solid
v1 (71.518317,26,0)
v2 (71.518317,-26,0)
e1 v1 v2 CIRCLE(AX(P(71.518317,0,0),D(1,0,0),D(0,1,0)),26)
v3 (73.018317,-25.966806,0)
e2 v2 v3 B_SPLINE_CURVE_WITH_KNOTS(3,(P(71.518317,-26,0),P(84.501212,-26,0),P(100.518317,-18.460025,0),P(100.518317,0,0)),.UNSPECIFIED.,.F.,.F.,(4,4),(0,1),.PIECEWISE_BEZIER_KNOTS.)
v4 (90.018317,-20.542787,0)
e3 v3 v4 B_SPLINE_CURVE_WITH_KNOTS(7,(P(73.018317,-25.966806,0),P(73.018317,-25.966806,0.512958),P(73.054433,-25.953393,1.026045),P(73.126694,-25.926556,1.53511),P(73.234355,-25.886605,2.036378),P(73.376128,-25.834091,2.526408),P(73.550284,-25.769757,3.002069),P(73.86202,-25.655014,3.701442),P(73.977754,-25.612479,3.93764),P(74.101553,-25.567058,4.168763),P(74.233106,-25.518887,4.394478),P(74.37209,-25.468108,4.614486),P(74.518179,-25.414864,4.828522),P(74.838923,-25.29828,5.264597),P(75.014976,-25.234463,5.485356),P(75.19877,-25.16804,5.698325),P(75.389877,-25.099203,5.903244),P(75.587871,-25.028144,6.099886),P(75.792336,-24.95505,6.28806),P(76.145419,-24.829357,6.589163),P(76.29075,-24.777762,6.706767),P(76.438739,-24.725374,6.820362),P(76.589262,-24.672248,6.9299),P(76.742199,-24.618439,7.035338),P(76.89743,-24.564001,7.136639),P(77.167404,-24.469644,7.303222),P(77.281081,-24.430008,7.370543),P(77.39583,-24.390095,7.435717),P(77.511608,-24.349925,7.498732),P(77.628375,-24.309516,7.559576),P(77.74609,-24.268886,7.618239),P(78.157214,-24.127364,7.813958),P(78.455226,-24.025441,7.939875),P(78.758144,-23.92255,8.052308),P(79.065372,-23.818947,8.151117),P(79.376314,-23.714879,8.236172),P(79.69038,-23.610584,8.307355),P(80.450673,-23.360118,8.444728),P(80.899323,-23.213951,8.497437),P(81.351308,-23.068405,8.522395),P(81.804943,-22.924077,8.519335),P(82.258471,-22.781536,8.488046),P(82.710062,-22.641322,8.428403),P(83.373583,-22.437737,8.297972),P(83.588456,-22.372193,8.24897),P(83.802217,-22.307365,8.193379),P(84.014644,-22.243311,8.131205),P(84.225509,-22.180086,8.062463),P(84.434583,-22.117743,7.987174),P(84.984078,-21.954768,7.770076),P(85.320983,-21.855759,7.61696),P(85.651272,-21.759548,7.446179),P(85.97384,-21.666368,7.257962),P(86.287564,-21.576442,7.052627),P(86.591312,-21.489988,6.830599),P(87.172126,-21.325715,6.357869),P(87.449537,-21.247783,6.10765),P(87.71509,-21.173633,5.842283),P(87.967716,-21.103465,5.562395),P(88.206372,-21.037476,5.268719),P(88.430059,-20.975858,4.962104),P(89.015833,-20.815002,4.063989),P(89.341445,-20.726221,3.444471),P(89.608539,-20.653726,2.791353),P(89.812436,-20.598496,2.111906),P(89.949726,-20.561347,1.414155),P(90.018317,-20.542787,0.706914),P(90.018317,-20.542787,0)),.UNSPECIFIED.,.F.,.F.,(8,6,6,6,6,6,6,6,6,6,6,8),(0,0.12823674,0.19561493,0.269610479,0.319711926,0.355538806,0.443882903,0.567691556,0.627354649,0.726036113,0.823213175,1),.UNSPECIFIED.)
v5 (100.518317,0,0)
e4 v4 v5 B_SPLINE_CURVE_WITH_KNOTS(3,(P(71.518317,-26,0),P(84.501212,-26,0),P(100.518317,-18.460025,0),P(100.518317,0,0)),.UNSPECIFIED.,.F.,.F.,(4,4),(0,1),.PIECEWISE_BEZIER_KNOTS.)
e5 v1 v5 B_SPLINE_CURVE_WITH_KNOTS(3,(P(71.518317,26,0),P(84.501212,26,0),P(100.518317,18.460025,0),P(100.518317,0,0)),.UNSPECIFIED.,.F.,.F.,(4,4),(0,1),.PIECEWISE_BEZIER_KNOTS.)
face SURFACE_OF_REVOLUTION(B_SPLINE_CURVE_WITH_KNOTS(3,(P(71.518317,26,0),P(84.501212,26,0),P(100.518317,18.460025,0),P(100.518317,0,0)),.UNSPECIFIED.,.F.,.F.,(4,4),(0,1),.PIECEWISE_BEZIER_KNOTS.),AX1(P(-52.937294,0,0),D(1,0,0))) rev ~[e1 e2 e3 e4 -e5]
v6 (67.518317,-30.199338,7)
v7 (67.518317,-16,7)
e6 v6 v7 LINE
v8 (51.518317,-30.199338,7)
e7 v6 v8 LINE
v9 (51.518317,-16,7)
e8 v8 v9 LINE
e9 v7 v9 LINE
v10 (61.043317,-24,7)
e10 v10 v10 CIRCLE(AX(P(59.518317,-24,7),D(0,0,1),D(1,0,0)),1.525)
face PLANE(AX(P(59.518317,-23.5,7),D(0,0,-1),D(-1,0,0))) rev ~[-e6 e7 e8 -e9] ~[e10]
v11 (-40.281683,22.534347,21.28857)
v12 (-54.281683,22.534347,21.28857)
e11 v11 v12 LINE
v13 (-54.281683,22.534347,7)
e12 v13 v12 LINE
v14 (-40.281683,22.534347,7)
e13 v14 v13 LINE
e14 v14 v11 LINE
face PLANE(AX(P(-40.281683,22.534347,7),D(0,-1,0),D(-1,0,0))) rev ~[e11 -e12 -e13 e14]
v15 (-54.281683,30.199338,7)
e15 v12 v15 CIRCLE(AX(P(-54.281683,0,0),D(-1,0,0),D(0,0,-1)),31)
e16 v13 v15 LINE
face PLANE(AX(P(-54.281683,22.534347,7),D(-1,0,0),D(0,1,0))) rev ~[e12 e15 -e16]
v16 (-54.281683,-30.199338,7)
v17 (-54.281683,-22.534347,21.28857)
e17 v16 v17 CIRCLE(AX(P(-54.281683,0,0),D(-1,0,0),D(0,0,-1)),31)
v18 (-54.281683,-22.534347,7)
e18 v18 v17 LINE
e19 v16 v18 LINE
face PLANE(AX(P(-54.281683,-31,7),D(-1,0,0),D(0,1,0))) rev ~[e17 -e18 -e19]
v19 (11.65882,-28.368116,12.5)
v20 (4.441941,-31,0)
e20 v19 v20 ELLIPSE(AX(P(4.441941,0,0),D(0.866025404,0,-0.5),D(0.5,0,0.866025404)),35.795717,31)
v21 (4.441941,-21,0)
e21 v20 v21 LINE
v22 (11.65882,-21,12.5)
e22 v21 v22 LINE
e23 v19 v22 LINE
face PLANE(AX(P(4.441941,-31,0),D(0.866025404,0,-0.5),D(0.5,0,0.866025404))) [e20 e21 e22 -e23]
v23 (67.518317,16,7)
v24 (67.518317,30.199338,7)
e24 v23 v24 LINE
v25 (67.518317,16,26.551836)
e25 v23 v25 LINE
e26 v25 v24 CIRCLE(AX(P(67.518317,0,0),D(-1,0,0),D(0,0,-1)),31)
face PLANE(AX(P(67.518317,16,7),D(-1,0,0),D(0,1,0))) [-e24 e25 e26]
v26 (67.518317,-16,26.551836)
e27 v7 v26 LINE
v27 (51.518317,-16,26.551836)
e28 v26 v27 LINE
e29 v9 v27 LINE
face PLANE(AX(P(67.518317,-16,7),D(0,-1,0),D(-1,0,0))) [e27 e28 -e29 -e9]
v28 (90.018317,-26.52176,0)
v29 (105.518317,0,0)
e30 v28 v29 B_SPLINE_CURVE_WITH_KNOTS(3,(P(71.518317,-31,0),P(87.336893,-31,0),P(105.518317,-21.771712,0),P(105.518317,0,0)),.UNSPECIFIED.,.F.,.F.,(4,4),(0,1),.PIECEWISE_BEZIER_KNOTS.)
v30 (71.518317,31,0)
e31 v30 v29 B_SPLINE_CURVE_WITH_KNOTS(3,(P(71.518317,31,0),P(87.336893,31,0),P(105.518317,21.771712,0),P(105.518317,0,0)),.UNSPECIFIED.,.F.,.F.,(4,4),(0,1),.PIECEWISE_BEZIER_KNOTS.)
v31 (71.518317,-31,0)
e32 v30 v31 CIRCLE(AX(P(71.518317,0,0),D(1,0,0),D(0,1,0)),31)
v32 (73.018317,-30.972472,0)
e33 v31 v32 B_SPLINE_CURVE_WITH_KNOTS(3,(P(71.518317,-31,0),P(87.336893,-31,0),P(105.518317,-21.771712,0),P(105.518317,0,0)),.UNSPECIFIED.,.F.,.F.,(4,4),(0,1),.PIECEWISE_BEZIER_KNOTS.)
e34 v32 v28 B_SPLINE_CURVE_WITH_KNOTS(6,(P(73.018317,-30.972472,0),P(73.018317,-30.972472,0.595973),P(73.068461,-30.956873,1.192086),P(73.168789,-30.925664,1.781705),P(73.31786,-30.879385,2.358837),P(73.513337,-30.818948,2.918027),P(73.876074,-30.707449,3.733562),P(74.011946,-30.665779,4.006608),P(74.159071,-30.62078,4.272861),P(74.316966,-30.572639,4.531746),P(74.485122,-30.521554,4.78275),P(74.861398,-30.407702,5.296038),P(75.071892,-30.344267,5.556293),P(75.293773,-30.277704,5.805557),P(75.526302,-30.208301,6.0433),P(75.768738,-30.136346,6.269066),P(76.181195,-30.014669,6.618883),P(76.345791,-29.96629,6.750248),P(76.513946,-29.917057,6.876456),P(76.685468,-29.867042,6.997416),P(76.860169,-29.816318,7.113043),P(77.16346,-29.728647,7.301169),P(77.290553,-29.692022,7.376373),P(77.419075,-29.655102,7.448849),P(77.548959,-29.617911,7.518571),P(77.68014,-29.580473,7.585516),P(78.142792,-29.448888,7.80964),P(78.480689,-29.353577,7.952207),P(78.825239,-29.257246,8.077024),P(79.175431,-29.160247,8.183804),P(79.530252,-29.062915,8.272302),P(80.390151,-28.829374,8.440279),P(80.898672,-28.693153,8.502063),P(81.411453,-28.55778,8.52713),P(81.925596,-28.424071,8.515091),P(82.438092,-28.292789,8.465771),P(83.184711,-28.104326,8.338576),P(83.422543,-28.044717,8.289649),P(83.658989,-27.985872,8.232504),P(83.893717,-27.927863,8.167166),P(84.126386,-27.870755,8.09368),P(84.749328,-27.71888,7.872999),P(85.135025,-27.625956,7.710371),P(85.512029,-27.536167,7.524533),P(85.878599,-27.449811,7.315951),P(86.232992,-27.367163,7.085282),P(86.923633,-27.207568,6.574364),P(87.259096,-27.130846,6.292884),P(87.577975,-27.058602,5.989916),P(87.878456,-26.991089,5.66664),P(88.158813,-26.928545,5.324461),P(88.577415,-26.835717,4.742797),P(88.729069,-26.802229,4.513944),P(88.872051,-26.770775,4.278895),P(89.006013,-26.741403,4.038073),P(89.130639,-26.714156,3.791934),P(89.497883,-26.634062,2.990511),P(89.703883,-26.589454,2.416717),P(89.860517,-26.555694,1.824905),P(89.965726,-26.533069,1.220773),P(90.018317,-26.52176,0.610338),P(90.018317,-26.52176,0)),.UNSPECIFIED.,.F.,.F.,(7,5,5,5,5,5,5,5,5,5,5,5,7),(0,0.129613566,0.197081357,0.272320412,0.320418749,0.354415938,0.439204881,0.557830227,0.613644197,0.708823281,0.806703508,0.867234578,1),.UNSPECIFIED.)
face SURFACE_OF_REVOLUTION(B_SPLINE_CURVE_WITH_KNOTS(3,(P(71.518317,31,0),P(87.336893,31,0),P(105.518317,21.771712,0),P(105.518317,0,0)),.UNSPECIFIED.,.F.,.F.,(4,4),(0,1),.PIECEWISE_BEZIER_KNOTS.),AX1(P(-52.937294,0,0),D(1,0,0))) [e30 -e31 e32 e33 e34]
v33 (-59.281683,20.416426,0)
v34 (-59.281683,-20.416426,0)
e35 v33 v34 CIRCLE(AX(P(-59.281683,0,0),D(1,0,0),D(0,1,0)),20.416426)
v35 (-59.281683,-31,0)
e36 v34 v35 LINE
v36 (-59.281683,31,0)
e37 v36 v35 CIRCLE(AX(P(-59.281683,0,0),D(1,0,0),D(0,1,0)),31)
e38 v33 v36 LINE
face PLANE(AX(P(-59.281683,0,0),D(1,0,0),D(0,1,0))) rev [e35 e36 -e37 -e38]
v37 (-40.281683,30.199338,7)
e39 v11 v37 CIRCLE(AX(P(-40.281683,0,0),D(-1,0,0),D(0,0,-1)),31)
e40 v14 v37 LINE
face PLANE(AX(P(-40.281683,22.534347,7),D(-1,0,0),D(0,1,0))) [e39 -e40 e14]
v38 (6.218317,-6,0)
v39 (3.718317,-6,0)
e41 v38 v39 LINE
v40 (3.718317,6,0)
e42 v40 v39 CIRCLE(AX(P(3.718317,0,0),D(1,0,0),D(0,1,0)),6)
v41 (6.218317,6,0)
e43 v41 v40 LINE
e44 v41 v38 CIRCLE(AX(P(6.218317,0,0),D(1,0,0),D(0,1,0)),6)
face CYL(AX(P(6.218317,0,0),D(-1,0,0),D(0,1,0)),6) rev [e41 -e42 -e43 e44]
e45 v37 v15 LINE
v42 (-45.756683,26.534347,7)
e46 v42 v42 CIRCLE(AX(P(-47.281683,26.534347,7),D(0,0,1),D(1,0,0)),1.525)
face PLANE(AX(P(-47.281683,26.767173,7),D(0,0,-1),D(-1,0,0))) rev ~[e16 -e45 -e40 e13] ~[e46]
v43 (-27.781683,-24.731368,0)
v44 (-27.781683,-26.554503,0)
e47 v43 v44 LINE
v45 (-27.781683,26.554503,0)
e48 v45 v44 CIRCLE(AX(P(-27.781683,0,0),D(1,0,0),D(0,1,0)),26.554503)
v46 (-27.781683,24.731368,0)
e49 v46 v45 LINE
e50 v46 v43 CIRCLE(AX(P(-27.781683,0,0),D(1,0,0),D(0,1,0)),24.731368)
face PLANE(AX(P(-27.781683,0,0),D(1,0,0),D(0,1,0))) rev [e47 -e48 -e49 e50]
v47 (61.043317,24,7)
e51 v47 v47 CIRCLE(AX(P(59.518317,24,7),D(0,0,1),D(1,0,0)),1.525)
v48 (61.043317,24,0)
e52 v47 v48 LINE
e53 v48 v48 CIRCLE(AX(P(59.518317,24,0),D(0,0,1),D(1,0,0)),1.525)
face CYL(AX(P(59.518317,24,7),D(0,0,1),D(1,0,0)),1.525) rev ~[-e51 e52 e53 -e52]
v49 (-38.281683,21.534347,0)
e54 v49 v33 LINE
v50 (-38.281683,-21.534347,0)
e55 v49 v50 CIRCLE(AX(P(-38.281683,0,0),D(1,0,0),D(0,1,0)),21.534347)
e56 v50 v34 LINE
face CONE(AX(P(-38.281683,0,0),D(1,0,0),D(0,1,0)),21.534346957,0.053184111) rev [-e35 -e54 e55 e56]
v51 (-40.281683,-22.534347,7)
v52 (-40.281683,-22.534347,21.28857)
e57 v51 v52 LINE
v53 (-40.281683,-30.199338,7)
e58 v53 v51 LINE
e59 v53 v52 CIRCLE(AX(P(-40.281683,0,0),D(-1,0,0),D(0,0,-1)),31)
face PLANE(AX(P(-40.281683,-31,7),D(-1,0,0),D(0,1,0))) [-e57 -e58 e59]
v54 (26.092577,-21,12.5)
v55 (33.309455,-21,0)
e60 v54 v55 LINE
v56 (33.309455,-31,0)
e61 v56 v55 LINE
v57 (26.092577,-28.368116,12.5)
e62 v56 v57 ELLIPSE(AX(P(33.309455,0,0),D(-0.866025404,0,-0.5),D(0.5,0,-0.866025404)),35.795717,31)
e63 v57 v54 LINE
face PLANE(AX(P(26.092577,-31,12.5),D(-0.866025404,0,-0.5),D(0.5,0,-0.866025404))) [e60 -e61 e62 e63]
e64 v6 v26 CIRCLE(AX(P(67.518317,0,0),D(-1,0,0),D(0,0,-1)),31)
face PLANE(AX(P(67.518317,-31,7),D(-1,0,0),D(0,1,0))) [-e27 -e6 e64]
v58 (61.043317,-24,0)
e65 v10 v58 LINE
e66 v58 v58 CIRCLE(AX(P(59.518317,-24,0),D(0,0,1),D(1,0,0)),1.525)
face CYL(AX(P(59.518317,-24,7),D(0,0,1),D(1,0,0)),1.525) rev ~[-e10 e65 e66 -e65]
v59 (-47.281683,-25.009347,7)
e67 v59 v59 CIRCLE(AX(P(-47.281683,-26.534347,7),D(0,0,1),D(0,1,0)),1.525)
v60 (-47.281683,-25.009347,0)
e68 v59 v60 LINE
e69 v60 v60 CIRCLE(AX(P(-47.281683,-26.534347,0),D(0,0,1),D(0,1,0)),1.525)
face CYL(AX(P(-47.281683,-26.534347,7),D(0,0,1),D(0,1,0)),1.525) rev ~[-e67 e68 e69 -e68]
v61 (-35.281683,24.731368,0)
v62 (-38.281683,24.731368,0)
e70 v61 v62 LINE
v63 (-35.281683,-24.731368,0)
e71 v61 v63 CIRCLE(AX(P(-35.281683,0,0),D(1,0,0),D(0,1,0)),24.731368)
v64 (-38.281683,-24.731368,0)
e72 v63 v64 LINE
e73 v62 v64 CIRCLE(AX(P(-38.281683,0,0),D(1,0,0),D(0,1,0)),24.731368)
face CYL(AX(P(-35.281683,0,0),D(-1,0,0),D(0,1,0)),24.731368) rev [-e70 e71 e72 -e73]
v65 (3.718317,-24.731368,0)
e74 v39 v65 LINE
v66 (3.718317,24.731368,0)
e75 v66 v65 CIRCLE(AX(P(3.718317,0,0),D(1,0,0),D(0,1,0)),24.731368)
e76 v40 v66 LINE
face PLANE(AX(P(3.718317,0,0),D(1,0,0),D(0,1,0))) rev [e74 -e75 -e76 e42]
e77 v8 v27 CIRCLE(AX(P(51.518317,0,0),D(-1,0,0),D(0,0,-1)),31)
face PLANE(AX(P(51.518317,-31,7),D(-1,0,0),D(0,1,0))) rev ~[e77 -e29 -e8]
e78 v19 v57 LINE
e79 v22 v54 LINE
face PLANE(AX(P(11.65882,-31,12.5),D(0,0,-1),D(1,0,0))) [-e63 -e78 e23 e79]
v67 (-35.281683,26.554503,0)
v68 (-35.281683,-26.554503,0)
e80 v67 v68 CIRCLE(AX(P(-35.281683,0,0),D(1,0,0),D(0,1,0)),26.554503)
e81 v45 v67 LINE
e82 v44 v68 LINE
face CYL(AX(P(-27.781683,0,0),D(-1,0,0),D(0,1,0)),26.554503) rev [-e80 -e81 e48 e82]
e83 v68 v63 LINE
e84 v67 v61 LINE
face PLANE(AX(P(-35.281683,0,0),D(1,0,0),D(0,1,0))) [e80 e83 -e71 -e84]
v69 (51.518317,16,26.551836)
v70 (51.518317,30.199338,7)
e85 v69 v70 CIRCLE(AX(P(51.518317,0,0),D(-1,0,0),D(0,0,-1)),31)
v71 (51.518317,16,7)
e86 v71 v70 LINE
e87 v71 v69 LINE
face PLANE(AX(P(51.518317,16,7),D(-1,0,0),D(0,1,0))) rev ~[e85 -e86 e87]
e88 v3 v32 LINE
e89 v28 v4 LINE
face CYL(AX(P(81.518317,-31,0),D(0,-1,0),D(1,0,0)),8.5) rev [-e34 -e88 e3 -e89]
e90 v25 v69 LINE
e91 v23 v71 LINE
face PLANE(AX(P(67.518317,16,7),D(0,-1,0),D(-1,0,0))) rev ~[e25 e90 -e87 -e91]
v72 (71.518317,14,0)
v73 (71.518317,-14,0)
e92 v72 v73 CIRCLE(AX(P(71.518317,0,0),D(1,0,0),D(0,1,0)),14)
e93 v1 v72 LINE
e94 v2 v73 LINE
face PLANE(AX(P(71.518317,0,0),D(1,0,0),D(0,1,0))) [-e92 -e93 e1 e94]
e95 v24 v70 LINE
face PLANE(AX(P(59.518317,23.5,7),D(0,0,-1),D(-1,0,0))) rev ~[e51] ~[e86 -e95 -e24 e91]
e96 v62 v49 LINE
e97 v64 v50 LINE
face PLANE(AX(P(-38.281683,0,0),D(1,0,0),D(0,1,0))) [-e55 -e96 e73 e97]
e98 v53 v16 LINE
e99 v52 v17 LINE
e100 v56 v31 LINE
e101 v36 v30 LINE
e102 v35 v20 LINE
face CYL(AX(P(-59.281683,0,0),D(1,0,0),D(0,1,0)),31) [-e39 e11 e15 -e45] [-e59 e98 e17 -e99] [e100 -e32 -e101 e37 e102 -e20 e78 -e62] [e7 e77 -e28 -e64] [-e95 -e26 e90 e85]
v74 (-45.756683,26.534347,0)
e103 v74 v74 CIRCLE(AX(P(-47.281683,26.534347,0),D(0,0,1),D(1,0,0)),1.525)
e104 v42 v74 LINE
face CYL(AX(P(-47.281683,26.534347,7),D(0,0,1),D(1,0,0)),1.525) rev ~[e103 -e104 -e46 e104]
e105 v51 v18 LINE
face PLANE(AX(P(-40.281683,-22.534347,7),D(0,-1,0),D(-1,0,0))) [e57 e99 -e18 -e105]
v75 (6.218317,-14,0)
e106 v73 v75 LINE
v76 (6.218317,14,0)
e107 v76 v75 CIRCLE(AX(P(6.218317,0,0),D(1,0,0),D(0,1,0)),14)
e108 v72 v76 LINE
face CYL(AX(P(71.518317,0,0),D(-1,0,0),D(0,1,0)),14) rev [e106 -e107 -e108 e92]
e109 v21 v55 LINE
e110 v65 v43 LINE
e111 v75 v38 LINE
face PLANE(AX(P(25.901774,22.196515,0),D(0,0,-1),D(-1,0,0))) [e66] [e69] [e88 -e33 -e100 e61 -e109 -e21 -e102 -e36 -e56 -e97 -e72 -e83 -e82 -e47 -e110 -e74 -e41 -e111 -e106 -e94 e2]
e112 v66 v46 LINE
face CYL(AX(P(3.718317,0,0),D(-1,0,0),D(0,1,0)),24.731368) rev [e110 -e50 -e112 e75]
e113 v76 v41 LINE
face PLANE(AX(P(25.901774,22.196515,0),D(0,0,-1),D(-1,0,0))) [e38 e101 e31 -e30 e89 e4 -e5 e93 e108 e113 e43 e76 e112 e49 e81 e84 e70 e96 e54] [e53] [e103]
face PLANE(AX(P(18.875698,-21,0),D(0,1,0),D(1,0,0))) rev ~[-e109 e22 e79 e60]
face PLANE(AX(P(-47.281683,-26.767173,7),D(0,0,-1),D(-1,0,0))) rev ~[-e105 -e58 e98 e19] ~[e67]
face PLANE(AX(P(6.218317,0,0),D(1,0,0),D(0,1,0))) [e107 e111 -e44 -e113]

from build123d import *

# Parameters (mm, degrees)
REVOLVE1_ANGLE          = 180
CUT_EXTRUDE1_REACH      = 114.566
CUT_EXTRUDE1_END_RADIUS = 31
SKETCH2_W               = 14
SKETCH2_H               = 8.465653043
SKETCH2_W_2             = 16
SKETCH2_H_2             = 15
CUT_EXTRUDE2_REACH      = 114.566
SKETCH3_R               = 1.525
CUT_EXTRUDE3_DEPTH      = 10
CUT_EXTRUDE4_REACH      = 128.25
SKETCH6_R               = 8.5


with BuildPart() as part:
    # Sketch1 → Revolve1 (revolve)
    with BuildSketch(Plane.XY):
        with BuildLine():
            Line((6.218316837, 14), (6.218316837, 6))
            Line((6.218316837, 6), (3.718316837, 6))
            Line((3.718316837, 6), (3.718316837, 24.731367941))
            Line((3.718316837, 24.731367941), (-10.171408573, 24.731367941))
            Line((-10.171408573, 24.731367941), (-27.781683163, 24.731367941))
            Line((-27.781683163, 24.731367941), (-27.781683163, 26.554502519))
            Line((-27.781683163, 26.554502519), (-35.281683163, 26.554502519))
            Line((-35.281683163, 26.554502519), (-35.281683163, 24.731367941))
            Line((-35.281683163, 24.731367941), (-38.281683163, 24.731367941))
            Line((-38.281683163, 24.731367941), (-38.281683163, 21.534346957))
            Line((-38.281683163, 21.534346957), (-59.281683163, 20.416426404))
            Line((-59.281683163, 20.416426404), (-59.281683163, 24.731367941))
            Line((-59.281683163, 24.731367941), (-59.281683163, 31))
            Line((-59.281683163, 31), (-56.981683163, 31))
            Line((-56.981683163, 31), (71.518316837, 31))
            add(Edge.make_bspline(
                [(71.518316837, 31), (87.336893309, 31), (105.518316837, 21.771712161), (105.518316837, 0)],
                knots=[0, 0, 0, 0, 1, 1, 1, 1], degree=3))
            Line((105.518316837, 0), (100.518316813, 0))
            add(Edge.make_bspline(
                [(71.518316837, 26), (84.501211561, 26), (100.518316813, 18.460024777), (100.518316813, 0)],
                knots=[0, 0, 0, 0, 1, 1, 1, 1], degree=3))
            Line((71.518316837, 26), (71.518316837, 14))
            Line((71.518316837, 14), (6.218316837, 14))
        make_face()
    revolve(axis=Axis((-52.937293729, 0, 0), (1, 0, 0)), revolution_arc=REVOLVE1_ANGLE)

    # Cut-Extrude1: up to this cylinder (the profile starts inside it)
    cut_extrude1_end = Plane(origin=(6.118317, 0, 0), z_dir=(-1, 0, 0)) * Cylinder(CUT_EXTRUDE1_END_RADIUS, 398.932, mode=Mode.PRIVATE)
    # Sketch2 → Cut-Extrude1 (cut, up to the surface)
    with BuildSketch(Plane(origin=(0, 0, 7), x_dir=(-1, 0, 0), z_dir=(0, 0, -1)), mode=Mode.PRIVATE) as cut_extrude1_sk1:
        with Locations((47.281683163, 26.767173479)):
            Rectangle(SKETCH2_W, SKETCH2_H)
    cut_extrude1_tool1 = extrude(cut_extrude1_sk1.sketch, amount=-CUT_EXTRUDE1_REACH, mode=Mode.PRIVATE) & cut_extrude1_end
    add(cut_extrude1_tool1.solids().sort_by_distance((-47.281683, 26.767173, 7))[0], mode=Mode.SUBTRACT)
    # Sketch2 → Cut-Extrude1 (cut, up to the surface)
    with BuildSketch(Plane(origin=(0, 0, 7), x_dir=(-1, 0, 0), z_dir=(0, 0, -1)), mode=Mode.PRIVATE) as cut_extrude1_sk2:
        with Locations((-59.518316837, -23.5)):
            Rectangle(SKETCH2_W_2, SKETCH2_H_2)
    cut_extrude1_tool2 = extrude(cut_extrude1_sk2.sketch, amount=-CUT_EXTRUDE1_REACH, mode=Mode.PRIVATE) & cut_extrude1_end
    add(cut_extrude1_tool2.solids().sort_by_distance((59.518317, -23.5, 7))[0], mode=Mode.SUBTRACT)
    # Sketch2 → Cut-Extrude1 (cut, up to the surface)
    with BuildSketch(Plane(origin=(0, 0, 7), x_dir=(-1, 0, 0), z_dir=(0, 0, -1)), mode=Mode.PRIVATE) as cut_extrude1_sk3:
        with Locations((-59.518316837, 23.5)):
            Rectangle(SKETCH2_W_2, SKETCH2_H_2)
    cut_extrude1_tool3 = extrude(cut_extrude1_sk3.sketch, amount=-CUT_EXTRUDE1_REACH, mode=Mode.PRIVATE) & cut_extrude1_end
    add(cut_extrude1_tool3.solids().sort_by_distance((59.518317, 23.5, 7))[0], mode=Mode.SUBTRACT)
    # Sketch2 → Cut-Extrude1 (cut, up to the surface)
    with BuildSketch(Plane(origin=(0, 0, 7), x_dir=(-1, 0, 0), z_dir=(0, 0, -1)), mode=Mode.PRIVATE) as cut_extrude1_sk4:
        with Locations((47.281683163, -26.767173479)):
            Rectangle(SKETCH2_W, SKETCH2_H)
    cut_extrude1_tool4 = extrude(cut_extrude1_sk4.sketch, amount=-CUT_EXTRUDE1_REACH, mode=Mode.PRIVATE) & cut_extrude1_end
    add(cut_extrude1_tool4.solids().sort_by_distance((-47.281683, -26.767173, 7))[0], mode=Mode.SUBTRACT)

    # Sketch3 → Cut-Extrude2 (cut, up to next)
    with BuildSketch(Plane.XY.offset(7), mode=Mode.PRIVATE) as cut_extrude2_sk1:
        with Locations((-47.281683163, 26.534346957)):
            Circle(SKETCH3_R)
    cut_extrude2_tool1 = extrude(cut_extrude2_sk1.sketch, amount=-CUT_EXTRUDE2_REACH, mode=Mode.PRIVATE) & part.part
    # Sketch3 → Cut-Extrude2 (cut, up to next)
    with BuildSketch(Plane.XY.offset(7), mode=Mode.PRIVATE) as cut_extrude2_sk2:
        with Locations(Location((-47.281683163, -26.534346957, 0), (0, 0, 90))):
            Circle(SKETCH3_R)
    cut_extrude2_tool2 = extrude(cut_extrude2_sk2.sketch, amount=-CUT_EXTRUDE2_REACH, mode=Mode.PRIVATE) & part.part
    # Sketch3 → Cut-Extrude2 (cut, up to next)
    with BuildSketch(Plane.XY.offset(7), mode=Mode.PRIVATE) as cut_extrude2_sk3:
        with Locations((59.518316837, 24)):
            Circle(SKETCH3_R)
    cut_extrude2_tool3 = extrude(cut_extrude2_sk3.sketch, amount=-CUT_EXTRUDE2_REACH, mode=Mode.PRIVATE) & part.part
    # Sketch3 → Cut-Extrude2 (cut, up to next)
    with BuildSketch(Plane.XY.offset(7), mode=Mode.PRIVATE) as cut_extrude2_sk4:
        with Locations((59.518316837, -24)):
            Circle(SKETCH3_R)
    cut_extrude2_tool4 = extrude(cut_extrude2_sk4.sketch, amount=-CUT_EXTRUDE2_REACH, mode=Mode.PRIVATE) & part.part
    add(cut_extrude2_tool1.solids().sort_by_distance((-47.281683, 26.534347, 7))[0], mode=Mode.SUBTRACT)
    add(cut_extrude2_tool2.solids().sort_by_distance((-47.281683, -26.534347, 7))[0], mode=Mode.SUBTRACT)
    add(cut_extrude2_tool3.solids().sort_by_distance((59.518317, 24, 7))[0], mode=Mode.SUBTRACT)
    add(cut_extrude2_tool4.solids().sort_by_distance((59.518317, -24, 7))[0], mode=Mode.SUBTRACT)

    # Sketch5 → Cut-Extrude3 (cut)
    with BuildSketch(Plane(origin=(0, -31, 0), x_dir=(1, 0, 0), z_dir=(0, 1, 0))):
        Polygon((4.441941487, 0), (11.658819852, -12.5), (26.092576582, -12.5), (33.309454947, 0), (26.092576582, 12.5), (11.658819852, 12.5), align=None)
    extrude(amount=CUT_EXTRUDE3_DEPTH, mode=Mode.SUBTRACT)

    # Sketch6 → Cut-Extrude4 (cut, up to next)
    with BuildSketch(Plane(origin=(0, -31, 0), x_dir=(1, 0, 0), z_dir=(0, 1, 0)), mode=Mode.PRIVATE) as cut_extrude4_sk1:
        with Locations((81.518316837, 0)):
            Circle(SKETCH6_R)
    cut_extrude4_tool1 = extrude(cut_extrude4_sk1.sketch, amount=CUT_EXTRUDE4_REACH, mode=Mode.PRIVATE) & part.part
    add(cut_extrude4_tool1.solids().sort_by_distance((81.518317, -31, 0))[0], mode=Mode.SUBTRACT)


solid = part.part
